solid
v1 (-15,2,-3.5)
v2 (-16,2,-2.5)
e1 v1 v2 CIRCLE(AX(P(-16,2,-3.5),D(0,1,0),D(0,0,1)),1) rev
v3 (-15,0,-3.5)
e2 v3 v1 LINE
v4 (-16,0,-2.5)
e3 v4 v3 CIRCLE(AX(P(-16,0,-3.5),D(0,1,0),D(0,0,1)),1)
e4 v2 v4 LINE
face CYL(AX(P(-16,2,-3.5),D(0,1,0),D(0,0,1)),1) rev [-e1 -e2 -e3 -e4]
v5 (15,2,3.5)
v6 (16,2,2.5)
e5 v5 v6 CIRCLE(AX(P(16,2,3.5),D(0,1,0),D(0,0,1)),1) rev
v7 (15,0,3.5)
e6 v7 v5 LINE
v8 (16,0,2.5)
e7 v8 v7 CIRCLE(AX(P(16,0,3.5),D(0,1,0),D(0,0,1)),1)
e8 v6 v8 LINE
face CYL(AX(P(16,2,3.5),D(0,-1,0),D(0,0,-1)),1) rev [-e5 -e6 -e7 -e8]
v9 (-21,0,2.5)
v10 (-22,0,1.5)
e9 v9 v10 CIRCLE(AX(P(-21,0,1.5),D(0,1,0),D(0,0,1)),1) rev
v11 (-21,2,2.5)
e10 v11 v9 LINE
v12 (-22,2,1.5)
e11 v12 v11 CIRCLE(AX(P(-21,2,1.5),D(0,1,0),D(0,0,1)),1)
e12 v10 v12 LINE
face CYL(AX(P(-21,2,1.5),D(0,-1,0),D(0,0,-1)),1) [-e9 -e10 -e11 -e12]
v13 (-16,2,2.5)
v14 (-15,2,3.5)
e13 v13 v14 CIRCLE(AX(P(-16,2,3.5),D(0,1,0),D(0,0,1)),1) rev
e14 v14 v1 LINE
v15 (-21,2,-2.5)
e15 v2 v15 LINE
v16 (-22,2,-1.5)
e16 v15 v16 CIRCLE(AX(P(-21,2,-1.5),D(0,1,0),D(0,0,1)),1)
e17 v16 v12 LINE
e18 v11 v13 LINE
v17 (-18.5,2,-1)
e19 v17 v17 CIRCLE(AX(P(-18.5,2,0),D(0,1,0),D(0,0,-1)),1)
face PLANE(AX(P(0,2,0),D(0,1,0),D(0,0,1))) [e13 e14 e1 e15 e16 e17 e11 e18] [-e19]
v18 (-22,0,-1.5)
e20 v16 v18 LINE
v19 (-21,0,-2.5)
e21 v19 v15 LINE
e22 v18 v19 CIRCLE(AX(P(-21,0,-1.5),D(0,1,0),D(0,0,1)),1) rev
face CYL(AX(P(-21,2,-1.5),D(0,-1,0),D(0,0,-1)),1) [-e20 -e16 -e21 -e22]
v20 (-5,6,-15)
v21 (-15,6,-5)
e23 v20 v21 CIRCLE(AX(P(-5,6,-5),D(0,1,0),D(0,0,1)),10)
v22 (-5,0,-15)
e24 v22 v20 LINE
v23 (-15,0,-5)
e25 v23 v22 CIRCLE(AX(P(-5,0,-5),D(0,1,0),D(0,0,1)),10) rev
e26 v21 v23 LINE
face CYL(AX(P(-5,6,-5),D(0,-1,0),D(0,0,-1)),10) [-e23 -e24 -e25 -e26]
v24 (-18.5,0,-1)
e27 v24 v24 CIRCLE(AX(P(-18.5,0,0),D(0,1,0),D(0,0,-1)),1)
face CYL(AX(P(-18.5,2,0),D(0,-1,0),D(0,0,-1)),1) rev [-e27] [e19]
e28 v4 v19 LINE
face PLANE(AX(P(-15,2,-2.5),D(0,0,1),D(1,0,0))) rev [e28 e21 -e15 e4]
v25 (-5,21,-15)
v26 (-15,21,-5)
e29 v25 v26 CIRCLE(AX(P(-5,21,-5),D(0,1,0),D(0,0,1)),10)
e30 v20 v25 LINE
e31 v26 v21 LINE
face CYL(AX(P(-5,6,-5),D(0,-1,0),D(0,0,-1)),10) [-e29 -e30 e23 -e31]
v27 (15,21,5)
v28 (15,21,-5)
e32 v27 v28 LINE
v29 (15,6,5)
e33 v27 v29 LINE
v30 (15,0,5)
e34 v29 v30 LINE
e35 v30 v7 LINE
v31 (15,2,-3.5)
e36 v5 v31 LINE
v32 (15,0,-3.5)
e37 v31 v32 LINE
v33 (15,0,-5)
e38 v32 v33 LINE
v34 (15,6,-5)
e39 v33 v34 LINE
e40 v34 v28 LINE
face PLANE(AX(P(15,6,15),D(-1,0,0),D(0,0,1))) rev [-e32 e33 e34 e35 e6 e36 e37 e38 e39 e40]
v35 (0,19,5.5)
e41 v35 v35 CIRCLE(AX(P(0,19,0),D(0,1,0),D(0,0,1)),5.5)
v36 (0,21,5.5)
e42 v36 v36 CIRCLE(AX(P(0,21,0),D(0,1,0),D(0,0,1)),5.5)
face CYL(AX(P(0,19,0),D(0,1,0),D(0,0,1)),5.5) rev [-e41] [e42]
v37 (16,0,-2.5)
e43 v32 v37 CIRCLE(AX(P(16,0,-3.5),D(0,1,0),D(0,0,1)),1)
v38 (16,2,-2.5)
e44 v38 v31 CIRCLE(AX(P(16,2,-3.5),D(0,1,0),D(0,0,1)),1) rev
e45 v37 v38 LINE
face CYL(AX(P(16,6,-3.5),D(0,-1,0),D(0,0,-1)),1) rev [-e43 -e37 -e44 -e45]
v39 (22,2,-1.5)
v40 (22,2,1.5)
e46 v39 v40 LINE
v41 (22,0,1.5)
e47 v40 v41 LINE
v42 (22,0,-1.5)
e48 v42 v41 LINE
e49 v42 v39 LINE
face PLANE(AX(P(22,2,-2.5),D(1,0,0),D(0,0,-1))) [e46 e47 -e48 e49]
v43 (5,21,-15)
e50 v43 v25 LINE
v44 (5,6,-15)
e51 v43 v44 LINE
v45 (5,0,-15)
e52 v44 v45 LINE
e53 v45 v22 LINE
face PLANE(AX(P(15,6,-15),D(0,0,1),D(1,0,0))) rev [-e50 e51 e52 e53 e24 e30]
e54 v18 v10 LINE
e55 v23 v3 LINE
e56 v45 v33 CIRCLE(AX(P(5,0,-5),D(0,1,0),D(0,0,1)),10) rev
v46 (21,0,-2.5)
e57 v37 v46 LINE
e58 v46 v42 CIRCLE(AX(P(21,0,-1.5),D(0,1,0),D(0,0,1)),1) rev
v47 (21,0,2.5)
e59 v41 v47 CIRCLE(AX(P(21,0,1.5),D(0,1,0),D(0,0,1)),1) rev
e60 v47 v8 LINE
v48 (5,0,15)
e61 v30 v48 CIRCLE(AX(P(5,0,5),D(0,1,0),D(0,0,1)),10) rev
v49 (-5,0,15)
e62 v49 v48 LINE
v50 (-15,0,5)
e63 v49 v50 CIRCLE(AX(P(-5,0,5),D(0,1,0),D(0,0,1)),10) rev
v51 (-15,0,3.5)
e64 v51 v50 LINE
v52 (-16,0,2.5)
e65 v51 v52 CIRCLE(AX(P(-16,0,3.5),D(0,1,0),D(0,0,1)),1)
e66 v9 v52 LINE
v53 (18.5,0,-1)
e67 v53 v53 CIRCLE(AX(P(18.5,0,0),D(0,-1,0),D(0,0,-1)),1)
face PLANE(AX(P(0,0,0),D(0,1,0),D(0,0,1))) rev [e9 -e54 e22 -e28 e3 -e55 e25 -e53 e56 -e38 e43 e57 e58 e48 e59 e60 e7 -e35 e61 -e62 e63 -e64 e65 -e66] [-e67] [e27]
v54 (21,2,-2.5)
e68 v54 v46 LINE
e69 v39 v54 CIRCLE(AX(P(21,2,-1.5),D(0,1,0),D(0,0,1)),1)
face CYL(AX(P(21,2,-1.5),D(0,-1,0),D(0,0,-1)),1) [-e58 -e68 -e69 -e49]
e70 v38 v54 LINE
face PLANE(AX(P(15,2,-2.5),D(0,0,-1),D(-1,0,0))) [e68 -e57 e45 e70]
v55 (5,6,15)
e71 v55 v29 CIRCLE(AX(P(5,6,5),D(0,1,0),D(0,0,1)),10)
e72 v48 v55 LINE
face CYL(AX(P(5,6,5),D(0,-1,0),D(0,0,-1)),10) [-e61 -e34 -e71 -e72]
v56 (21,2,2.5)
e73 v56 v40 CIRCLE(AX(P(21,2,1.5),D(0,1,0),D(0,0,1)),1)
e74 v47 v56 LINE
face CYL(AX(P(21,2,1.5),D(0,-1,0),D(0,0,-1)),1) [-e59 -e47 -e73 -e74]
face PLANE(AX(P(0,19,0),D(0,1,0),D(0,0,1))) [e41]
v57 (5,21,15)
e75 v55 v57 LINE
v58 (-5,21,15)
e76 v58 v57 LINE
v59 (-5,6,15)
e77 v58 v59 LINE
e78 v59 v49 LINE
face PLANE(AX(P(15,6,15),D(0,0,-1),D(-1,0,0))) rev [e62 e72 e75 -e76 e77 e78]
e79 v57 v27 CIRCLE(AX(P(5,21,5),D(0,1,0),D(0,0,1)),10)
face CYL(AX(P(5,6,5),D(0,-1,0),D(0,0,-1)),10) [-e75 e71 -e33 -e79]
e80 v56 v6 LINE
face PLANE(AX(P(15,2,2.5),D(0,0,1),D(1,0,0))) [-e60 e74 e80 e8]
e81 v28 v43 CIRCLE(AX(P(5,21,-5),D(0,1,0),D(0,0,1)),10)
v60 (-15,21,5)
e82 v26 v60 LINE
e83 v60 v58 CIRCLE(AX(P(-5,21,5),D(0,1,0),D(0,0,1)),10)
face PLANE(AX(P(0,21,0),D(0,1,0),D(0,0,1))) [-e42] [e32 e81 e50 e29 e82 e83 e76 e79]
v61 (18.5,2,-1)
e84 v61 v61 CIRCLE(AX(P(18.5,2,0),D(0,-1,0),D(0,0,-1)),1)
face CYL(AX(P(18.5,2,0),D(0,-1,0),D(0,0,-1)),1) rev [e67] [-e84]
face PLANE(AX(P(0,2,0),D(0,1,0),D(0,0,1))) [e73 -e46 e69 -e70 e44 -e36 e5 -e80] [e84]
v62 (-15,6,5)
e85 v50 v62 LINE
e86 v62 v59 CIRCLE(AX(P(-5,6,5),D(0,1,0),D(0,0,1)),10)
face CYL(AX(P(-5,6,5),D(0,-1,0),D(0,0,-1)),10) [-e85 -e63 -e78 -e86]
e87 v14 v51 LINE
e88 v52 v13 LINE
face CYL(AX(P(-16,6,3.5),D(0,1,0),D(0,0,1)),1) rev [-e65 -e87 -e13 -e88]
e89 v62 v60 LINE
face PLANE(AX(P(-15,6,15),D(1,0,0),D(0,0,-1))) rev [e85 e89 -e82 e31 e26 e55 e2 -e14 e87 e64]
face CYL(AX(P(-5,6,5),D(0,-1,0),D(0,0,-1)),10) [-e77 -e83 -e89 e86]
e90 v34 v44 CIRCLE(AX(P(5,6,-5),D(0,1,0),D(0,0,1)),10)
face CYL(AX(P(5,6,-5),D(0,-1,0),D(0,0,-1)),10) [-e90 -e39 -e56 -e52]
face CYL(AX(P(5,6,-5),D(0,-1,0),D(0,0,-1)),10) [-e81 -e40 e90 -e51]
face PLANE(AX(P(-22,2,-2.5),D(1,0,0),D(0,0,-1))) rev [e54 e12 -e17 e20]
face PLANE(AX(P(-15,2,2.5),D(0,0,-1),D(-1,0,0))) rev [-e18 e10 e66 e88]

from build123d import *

# Parameters (mm, degrees)
SKETCH1_W           = 30
SKETCH1_H           = 30
BOSS_EXTRUDE1_DEPTH = 6
FILLET1_R           = 10
SKETCH3_W           = 7
SKETCH3_H           = 5
SKETCH3_R           = 1
BOSS_EXTRUDE2_DEPTH = 2
FILLET3_R           = 1
SKETCH4_W           = 30
SKETCH4_H           = 30
BOSS_EXTRUDE3_DEPTH = 15
FILLET4_R           = 10
SKETCH5_R           = 5.5
CUT_EXTRUDE2_DEPTH  = 2


with BuildPart() as part:
    # Sketch1 → Boss-Extrude1 (new body)
    with BuildSketch(Plane(origin=(0, 0, 0), x_dir=(1, 0, 0), z_dir=(0, 1, 0))):
        Rectangle(SKETCH1_W, SKETCH1_H)
    extrude(amount=BOSS_EXTRUDE1_DEPTH)

    # Fillet1
    fillet1_edges = [part.edges().sort_by_distance(p)[0] for p in [
        (-15, 3, -15),
        (15, 3, -15),
        (15, 3, 15),
        (-15, 3, 15),
    ]]
    fillet(fillet1_edges, radius=FILLET1_R)

    # Sketch3 → Boss-Extrude2 (add)
    with BuildSketch(Plane.XZ):
        with Locations((18.5, 0)):
            Rectangle(SKETCH3_W, SKETCH3_H)
        with Locations(Location((18.5, 0, 0), (0, 0, 270))):
            Circle(SKETCH3_R, mode=Mode.SUBTRACT)
    boss_extrude2 = extrude(amount=-BOSS_EXTRUDE2_DEPTH)

    # Mirror1: Boss-Extrude2 across plane
    add(boss_extrude2.mirror(Plane(origin=(0, 0, 0), x_dir=(0, 0, 1), z_dir=(1, 0, 0))))

    # Fillet3
    fillet3_edges = [part.edges().sort_by_distance(p)[0] for p in [
        (15, 1, -2.5),
        (15, 1, 2.5),
        (22, 1, 2.5),
        (22, 1, -2.5),
        (-15, 1, 2.5),
        (-15, 1, -2.5),
        (-22, 1, -2.5),
        (-22, 1, 2.5),
    ]]
    fillet(fillet3_edges, radius=FILLET3_R)

    # Sketch4 → Boss-Extrude3 (add)
    with BuildSketch(Plane(origin=(0, 6, 0), x_dir=(1, 0, 0), z_dir=(0, 1, 0))):
        Rectangle(SKETCH4_W, SKETCH4_H)
    extrude(amount=BOSS_EXTRUDE3_DEPTH)

    # Fillet4
    fillet4_edges = [part.edges().sort_by_distance(p)[0] for p in [
        (15, 13.5, 15),
        (15, 13.5, -15),
        (-15, 13.5, -15),
        (-15, 13.5, 15),
    ]]
    fillet(fillet4_edges, radius=FILLET4_R)

    # Sketch5 → Cut-Extrude2 (cut)
    with BuildSketch(Plane(origin=(0, 21, 0), x_dir=(1, 0, 0), z_dir=(0, 1, 0))):
        with Locations(Location((0, 0, 0), (0, 0, 270))):
            Circle(SKETCH5_R)
    extrude(amount=-CUT_EXTRUDE2_DEPTH, mode=Mode.SUBTRACT)


solid = part.part
